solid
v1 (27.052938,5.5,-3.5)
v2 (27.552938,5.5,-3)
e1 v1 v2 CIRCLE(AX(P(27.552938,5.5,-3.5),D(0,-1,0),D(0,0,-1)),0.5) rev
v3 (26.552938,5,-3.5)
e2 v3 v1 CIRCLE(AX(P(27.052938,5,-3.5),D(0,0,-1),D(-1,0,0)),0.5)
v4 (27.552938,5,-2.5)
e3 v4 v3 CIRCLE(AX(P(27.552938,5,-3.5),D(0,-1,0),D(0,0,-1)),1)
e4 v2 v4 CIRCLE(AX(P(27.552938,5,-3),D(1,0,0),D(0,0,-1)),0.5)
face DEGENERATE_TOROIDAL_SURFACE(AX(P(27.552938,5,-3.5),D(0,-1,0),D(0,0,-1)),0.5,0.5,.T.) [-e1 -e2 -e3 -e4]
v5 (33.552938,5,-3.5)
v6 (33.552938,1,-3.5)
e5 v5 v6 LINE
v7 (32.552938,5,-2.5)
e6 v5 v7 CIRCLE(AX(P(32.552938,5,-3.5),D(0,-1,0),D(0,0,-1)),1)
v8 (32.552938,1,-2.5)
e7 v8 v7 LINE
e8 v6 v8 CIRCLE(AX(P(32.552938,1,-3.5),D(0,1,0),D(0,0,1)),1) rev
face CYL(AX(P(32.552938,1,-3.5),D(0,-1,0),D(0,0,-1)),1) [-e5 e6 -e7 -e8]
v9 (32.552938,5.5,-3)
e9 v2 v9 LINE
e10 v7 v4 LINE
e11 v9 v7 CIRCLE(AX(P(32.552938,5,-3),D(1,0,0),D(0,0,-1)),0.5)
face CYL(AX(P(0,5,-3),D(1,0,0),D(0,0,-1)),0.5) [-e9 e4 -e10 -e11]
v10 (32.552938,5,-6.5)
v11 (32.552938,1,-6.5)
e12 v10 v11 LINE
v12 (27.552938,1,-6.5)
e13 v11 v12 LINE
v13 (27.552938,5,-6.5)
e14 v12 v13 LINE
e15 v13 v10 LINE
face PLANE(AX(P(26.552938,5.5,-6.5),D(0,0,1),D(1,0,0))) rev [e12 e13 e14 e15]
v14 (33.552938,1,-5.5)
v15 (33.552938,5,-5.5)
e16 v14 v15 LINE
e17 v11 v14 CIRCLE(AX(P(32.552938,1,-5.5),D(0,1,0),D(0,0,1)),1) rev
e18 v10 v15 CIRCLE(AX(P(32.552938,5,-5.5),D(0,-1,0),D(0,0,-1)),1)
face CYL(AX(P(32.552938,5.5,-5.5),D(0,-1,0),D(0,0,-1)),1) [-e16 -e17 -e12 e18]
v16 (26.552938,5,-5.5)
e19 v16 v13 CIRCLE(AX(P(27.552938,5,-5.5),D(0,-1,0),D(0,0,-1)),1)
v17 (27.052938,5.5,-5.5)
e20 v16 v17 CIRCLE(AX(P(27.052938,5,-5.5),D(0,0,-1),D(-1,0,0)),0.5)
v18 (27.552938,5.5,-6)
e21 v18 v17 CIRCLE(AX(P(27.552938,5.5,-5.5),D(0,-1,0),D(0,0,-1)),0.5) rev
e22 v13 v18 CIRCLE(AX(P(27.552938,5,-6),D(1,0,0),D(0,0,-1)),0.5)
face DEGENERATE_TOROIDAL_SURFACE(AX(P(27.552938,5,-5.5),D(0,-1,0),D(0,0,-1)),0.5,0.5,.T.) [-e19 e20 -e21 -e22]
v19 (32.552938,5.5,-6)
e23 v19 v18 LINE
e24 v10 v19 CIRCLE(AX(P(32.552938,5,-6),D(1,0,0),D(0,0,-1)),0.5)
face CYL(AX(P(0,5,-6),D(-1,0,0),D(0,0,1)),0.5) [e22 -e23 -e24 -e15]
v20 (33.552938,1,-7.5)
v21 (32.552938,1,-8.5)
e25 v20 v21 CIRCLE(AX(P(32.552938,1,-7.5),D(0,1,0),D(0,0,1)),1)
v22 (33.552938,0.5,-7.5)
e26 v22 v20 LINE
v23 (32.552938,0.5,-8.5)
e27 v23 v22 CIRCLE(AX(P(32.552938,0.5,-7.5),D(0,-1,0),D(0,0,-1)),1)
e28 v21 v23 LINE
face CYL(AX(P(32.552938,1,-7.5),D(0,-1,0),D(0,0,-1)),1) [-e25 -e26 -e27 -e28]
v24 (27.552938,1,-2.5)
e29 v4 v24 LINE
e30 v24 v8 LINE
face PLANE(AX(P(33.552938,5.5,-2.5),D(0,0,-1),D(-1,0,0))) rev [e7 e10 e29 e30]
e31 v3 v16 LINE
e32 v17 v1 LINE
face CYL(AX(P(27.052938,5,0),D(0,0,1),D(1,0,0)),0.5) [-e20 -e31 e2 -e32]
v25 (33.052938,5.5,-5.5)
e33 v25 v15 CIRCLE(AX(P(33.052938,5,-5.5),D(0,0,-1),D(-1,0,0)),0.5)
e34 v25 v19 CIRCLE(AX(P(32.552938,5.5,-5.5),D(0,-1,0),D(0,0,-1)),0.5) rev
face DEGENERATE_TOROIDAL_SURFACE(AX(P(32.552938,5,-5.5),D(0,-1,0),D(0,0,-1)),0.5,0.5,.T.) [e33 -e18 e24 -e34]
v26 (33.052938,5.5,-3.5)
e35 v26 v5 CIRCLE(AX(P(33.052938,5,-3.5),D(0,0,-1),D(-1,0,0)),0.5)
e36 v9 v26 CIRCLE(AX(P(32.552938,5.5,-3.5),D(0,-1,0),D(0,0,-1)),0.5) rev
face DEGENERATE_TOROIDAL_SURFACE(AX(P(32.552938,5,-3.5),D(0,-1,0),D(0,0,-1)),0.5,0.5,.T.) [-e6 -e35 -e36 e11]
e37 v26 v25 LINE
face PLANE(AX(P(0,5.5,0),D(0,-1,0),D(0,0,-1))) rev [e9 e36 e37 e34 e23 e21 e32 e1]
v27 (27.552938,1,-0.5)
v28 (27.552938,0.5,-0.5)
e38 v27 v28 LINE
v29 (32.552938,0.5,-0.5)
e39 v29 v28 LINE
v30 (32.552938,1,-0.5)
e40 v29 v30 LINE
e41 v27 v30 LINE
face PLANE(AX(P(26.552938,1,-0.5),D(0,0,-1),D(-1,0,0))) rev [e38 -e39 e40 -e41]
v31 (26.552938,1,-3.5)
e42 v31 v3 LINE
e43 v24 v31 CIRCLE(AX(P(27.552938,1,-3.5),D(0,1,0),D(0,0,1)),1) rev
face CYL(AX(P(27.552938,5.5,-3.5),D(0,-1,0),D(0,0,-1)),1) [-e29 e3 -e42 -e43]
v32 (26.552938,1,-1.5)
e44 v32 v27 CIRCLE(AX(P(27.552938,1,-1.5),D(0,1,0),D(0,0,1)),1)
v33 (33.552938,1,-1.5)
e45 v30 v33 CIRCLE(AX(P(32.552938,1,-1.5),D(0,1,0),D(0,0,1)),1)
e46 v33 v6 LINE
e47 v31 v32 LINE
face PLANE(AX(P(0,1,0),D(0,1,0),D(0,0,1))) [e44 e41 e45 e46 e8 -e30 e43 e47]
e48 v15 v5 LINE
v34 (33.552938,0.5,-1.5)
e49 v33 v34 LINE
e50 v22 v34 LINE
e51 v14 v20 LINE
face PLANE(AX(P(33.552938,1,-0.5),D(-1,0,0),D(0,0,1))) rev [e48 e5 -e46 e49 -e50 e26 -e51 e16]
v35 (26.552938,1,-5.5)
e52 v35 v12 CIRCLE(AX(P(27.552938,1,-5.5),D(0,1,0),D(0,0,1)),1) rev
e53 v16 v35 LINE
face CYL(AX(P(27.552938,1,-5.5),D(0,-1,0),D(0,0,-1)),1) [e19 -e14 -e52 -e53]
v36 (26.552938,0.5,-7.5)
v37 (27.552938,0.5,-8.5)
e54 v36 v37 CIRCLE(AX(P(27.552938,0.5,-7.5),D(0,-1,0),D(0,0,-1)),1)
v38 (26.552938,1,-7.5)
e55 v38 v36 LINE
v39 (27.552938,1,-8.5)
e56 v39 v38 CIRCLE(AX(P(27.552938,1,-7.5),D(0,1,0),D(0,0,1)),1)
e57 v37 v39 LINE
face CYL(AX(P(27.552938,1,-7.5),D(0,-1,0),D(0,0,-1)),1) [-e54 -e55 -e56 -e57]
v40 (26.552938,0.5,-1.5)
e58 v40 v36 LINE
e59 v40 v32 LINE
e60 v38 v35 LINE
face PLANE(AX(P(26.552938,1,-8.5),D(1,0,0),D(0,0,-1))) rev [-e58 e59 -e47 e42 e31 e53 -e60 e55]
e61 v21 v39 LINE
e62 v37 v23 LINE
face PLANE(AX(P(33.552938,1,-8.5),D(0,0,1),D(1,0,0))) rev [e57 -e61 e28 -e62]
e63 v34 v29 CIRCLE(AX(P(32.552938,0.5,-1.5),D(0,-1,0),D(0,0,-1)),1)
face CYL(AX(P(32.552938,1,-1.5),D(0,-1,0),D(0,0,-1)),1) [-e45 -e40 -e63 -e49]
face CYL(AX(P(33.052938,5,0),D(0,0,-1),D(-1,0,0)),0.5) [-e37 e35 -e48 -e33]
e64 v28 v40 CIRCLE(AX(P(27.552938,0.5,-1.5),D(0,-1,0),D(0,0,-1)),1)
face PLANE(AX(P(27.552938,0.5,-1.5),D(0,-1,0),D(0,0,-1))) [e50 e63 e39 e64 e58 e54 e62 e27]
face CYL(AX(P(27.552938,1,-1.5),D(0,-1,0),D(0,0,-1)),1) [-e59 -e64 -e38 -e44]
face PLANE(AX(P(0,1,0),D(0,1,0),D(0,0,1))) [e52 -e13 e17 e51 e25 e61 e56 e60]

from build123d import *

# Parameters (mm, degrees)
SKETCH_1_W          = 7
SKETCH_1_H          = 8
EXTRUDE_1_DEPTH     = 1
EXTRUDE_2_DEPTH     = 4.5
FILLET_1_R          = 1
FILLET_2_R          = 0.5
CUT_EXTRUDE_START   = -0.5
CUT_EXTRUDE_1_DEPTH = 0.5


with BuildPart() as part:
    # 草图1 → 凸台-拉伸1 (new body)
    with BuildSketch(Plane(origin=(0, 0, 0), x_dir=(1, 0, 0), z_dir=(0, 1, 0))):
        with Locations((30.052937772, 4.5)):
            Rectangle(SKETCH_1_W, SKETCH_1_H)
    extrude(amount=EXTRUDE_1_DEPTH)

    # 草图2 → 凸台-拉伸2 (add)
    with BuildSketch(Plane(origin=(0, 1, 0), x_dir=(1, 0, 0), z_dir=(0, 1, 0))):
        Polygon((26.552937772, 4.5), (26.552937772, 6.5), (33.552937772, 6.5), (33.552937772, 2.5), (26.552937772, 2.5), align=None)
    extrude(amount=EXTRUDE_2_DEPTH)

    # 圆角1
    fillet_1_edges = [part.edges().sort_by_distance(p)[0] for p in [
        (26.552937772, 3.25, -2.5),
        (33.552937772, 3.25, -2.5),
        (33.552937772, 3.25, -6.5),
        (26.552937772, 3.25, -6.5),
        (26.552937772, 0.5, -8.5),
        (33.552937772, 0.5, -8.5),
        (33.552937772, 0.5, -0.5),
        (26.552937772, 0.5, -0.5),
    ]]
    fillet(fillet_1_edges, radius=FILLET_1_R)

    # 圆角2
    fillet_2_edges = [part.edges().sort_by_distance(p)[0] for p in [
        (26.552937772, 5.5, -4.5),
        (30.052937772, 5.5, -6.5),
        (30.052937772, 5.5, -2.5),
        (33.552937772, 5.5, -4.5),
        (33.260044553, 5.5, -6.207106781),
        (33.260044553, 5.5, -2.792893219),
        (26.84583099, 5.5, -2.792893219),
        (26.84583099, 5.5, -6.207106781),
    ]]
    fillet(fillet_2_edges, radius=FILLET_2_R)

    # 草图3 → 切除-拉伸1 (cut)
    with BuildSketch(Plane.XZ.offset(CUT_EXTRUDE_START)):
        with BuildLine():
            Line((26.552937772, -1.5), (26.552937772, -7.5))
            ThreePointArc((26.552937772, -7.5), (26.84583099, -8.207106781), (27.552937772, -8.5))
            Line((27.552937772, -8.5), (32.552937772, -8.5))
            ThreePointArc((32.552937772, -8.5), (33.260044553, -8.207106781), (33.552937772, -7.5))
            Line((33.552937772, -7.5), (33.552937772, -1.5))
            ThreePointArc((33.552937772, -1.5), (33.260044553, -0.792893219), (32.552937772, -0.5))
            Line((32.552937772, -0.5), (27.552937772, -0.5))
            ThreePointArc((27.552937772, -0.5), (26.84583099, -0.792893219), (26.552937772, -1.5))
        make_face()
    extrude(amount=CUT_EXTRUDE_1_DEPTH, mode=Mode.SUBTRACT)


solid = part.part
